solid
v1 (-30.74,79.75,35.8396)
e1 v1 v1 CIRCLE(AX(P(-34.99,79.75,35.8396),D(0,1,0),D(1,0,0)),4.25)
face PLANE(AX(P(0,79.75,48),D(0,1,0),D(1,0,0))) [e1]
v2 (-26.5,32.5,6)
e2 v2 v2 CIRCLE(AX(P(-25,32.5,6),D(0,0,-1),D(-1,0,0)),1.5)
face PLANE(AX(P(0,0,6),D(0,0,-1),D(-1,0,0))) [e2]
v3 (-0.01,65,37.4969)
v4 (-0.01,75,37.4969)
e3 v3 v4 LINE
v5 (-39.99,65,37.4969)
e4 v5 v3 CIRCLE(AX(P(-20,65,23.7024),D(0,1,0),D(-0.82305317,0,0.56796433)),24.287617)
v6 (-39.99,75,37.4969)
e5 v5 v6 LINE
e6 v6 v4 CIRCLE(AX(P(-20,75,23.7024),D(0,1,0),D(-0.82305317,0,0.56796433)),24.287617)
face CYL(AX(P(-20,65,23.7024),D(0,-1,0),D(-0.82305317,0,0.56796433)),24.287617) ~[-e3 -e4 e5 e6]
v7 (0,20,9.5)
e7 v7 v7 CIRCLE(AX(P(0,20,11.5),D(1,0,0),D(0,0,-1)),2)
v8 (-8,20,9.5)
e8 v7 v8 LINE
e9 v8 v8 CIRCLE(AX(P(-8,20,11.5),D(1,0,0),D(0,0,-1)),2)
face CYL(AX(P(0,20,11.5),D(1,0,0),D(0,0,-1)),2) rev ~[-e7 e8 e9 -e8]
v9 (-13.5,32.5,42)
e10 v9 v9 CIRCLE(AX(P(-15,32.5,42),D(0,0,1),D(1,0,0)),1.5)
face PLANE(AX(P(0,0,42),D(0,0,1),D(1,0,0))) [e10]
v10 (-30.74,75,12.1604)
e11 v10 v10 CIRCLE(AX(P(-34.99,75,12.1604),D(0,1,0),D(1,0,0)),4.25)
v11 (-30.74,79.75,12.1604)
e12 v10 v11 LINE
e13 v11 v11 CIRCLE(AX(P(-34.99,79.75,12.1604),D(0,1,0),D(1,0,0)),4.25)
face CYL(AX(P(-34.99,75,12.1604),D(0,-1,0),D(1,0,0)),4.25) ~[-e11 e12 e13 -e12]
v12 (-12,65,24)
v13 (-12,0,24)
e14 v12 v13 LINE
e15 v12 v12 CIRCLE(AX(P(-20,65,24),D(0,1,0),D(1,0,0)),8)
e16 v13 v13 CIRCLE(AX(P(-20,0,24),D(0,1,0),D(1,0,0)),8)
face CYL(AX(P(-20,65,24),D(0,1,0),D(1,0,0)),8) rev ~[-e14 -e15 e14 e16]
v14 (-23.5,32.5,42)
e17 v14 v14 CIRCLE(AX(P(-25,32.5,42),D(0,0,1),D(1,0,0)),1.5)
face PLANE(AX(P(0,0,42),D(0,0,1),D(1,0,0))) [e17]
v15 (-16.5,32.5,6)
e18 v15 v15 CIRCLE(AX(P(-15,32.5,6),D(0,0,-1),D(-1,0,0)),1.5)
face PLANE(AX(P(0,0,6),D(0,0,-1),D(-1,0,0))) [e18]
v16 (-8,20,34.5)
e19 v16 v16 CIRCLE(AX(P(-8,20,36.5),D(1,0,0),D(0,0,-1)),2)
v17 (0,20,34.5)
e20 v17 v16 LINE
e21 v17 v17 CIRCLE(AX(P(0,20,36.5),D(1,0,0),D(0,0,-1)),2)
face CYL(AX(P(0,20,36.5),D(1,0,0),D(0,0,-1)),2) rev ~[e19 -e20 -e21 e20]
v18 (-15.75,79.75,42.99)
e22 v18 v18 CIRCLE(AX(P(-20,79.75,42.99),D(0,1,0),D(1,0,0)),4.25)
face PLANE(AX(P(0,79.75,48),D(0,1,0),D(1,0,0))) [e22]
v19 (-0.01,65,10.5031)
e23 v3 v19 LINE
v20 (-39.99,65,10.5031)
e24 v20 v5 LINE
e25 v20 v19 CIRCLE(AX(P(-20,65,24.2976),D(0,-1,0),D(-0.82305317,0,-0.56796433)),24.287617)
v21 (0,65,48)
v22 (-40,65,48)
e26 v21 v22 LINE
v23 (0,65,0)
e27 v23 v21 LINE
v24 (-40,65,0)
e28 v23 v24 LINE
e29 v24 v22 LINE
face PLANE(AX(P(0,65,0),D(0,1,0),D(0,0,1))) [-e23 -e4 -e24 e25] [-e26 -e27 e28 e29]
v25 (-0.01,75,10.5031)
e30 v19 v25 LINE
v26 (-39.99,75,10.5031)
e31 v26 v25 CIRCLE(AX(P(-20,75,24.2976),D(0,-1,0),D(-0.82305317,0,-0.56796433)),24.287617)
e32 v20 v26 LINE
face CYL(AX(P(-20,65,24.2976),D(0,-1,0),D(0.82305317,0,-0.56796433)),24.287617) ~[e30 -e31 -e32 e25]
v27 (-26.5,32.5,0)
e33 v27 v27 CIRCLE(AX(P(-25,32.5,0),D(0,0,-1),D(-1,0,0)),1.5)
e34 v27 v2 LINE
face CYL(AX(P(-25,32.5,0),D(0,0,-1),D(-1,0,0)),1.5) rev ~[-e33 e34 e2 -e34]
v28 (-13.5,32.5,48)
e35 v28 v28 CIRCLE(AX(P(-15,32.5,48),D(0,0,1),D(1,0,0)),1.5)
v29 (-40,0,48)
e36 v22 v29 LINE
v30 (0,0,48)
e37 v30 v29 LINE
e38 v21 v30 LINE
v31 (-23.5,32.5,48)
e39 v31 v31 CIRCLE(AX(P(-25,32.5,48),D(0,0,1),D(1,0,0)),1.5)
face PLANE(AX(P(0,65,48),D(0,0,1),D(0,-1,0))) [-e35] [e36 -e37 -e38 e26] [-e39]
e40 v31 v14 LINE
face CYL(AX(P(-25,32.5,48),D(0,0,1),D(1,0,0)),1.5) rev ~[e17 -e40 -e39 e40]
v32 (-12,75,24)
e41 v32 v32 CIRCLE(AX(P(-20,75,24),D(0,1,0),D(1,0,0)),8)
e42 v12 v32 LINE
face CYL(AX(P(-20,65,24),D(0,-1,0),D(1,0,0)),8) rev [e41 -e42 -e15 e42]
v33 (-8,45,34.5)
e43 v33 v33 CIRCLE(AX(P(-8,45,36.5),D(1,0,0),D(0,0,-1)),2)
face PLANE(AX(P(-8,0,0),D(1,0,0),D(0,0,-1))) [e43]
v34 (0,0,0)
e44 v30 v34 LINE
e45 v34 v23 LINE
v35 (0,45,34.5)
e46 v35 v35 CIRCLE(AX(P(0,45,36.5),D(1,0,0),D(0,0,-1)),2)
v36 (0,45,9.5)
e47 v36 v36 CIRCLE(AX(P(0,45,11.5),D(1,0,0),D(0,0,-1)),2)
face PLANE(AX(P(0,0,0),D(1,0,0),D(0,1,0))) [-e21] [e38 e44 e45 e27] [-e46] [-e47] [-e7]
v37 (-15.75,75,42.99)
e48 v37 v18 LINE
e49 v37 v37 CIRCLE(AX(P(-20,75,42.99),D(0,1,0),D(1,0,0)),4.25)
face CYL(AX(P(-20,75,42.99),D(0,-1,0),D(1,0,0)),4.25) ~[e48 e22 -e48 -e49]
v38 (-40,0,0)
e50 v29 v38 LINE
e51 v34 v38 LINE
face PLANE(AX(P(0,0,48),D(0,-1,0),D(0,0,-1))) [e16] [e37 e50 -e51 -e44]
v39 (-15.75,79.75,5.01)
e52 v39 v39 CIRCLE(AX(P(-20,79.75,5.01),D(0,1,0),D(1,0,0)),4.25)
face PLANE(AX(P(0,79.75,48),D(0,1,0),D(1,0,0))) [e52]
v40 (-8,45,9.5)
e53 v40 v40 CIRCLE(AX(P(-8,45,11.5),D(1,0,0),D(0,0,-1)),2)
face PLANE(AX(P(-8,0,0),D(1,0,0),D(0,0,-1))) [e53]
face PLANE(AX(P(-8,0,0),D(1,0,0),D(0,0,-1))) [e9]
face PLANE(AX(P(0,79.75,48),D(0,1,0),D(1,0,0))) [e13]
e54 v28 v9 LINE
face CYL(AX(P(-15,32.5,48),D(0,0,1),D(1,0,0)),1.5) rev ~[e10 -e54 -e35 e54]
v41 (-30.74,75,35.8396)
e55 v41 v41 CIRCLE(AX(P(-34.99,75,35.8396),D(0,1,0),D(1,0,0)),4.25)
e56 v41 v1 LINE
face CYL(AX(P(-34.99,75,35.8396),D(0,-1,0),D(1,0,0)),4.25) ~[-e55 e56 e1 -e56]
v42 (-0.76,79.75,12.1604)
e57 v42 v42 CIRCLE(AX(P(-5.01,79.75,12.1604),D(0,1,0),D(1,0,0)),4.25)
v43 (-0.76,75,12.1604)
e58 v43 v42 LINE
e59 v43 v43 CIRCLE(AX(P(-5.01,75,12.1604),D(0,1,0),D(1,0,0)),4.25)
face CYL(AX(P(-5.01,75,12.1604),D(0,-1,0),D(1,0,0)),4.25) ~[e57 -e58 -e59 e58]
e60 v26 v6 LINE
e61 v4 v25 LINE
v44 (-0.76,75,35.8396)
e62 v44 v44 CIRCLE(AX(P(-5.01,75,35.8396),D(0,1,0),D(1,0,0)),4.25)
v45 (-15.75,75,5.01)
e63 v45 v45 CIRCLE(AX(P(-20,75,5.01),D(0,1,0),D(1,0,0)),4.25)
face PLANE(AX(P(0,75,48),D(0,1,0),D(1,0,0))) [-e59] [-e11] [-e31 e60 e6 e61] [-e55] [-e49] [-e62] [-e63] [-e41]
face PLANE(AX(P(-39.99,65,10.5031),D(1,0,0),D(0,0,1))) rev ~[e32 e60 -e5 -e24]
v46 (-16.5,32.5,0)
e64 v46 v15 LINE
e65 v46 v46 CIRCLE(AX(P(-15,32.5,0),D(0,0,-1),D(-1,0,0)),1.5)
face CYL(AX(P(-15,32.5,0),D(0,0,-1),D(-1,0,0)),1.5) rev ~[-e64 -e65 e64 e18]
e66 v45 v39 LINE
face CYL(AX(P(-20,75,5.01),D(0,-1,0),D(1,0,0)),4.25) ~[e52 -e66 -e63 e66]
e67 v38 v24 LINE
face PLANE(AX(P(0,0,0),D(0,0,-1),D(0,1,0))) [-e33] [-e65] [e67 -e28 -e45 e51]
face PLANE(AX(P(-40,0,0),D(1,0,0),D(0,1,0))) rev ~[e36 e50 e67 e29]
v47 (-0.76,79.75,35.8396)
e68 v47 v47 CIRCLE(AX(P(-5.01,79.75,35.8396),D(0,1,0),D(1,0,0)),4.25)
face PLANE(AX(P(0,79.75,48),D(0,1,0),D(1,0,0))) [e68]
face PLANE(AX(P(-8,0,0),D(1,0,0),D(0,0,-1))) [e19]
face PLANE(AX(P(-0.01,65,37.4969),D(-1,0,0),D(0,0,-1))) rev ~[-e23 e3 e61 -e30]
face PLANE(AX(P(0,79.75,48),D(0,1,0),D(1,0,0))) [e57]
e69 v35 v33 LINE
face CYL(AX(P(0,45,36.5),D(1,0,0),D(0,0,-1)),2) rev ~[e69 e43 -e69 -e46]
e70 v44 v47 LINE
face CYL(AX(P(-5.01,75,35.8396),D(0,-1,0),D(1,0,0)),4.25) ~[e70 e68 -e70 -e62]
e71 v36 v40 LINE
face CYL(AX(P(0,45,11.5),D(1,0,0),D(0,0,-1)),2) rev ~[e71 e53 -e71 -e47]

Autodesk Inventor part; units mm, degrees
ref_plane "YZ Plane" through (0, 0, 0) normal (1, 0, 0) x (0, 1, 0)
ref_plane "XZ Plane" through (0, 0, 0) normal (0, 1, 0) x (-1, 0, 0)
ref_plane "XY Plane" through (0, 0, 0) normal (0, 0, 1) x (1, 0, 0)
sketch "Sketch1" plane through (0, 0, 0) normal (1, 0, 0) x (0, 1, 0)
  line L0 (0, 0) -> (65, 0)
  line L1 (65, 0) -> (65, 48)
  line L2 (65, 48) -> (0, 48)
  line L3 (0, 48) -> (0, 0)
  dimension "d0" = 65
  dimension "d1" = 48
extrude "Extrusion1" add sketch "Sketch1" against normal blind 40
sketch "Sketch2" plane through (0, 0, 0) normal (1, 0, 0) x (0, 0, -1)
  line L0 (-36.5, 45) -> (-11.5, 45) construction
  line L1 (-11.5, 45) -> (-11.5, 20) construction
  line L2 (-11.5, 20) -> (-36.5, 20) construction
  line L3 (-36.5, 20) -> (-36.5, 45) construction
  line L4 (-36.5, 45) -> (-36.5, 65) construction
  line L5 (-48, 65) -> (0, 65) construction
  line L6 (-36.5, 45) -> (-48, 45) construction
  line L7 (-48, 0) -> (-48, 65) construction
  line L8 (-11.5, 20) -> (-11.5, 0) construction
  line L9 (0, 0) -> (-48, 0) construction
  line L10 (-11.5, 20) -> (0, 20) construction
  circle A0 centre (-36.5, 45) radius 2
  circle A1 centre (-11.5, 45) radius 2
  circle A2 centre (-11.5, 20) radius 2
  circle A3 centre (-36.5, 20) radius 2
  line L11 (0, 0) -> (0, 65) projected
  dimension "d4" = 25
  dimension "d5" = 25
  dimension "d6" = 4
  dimension "d7" = 4
  dimension "d8" = 4
  dimension "d9" = 4
extrude "Extrusion2" cut sketch "Sketch2" against normal blind 8
sketch "Sketch3" plane through (0, 0, 48) normal (0, 0, 1) x (1, 0, 0)
  line L0 (0, 65) -> (0, 0) construction
  line L1 (0, 32.5) -> (-40, 32.5) construction
  line L2 (-40, 0) -> (-40, 65) construction
  line L3 (-25, 32.5) -> (-15, 32.5) construction
  circle A0 centre (-25, 32.5) radius 1.5
  circle A1 centre (-15, 32.5) radius 1.5
  dimension "d12" = 10
  dimension "d13" = 15
  dimension "d14" = 3
  dimension "d15" = 3
extrude "Extrusion3" cut sketch "Sketch3" against normal blind 6
sketch "Sketch4" plane through (0, 0, 0) normal (0, 0, -1) x (-1, 0, 0)
  circle A0 centre (25, 32.5) radius 1.5 projected
  circle A1 centre (15, 32.5) radius 1.5 projected
  point P0 (0, 0)
extrude "Extrusion4" cut sketch "Sketch4" against normal blind 6
thread "Thread1" size "M3x0.5" class "6H" standard "ANSI Metric M Profile" full length
thread "Thread2" size "M3x0.5" class "6H" standard "ANSI Metric M Profile" full length
thread "Thread3" size "M4x0.7" class "6H" standard "ANSI Metric M Profile" full length
thread "Thread4" size "M4x0.7" class "6H" standard "ANSI Metric M Profile" full length
thread "Thread5" size "M4x0.7" class "6H" standard "ANSI Metric M Profile" full length
thread "Thread6" size "M4x0.7" class "6H" standard "ANSI Metric M Profile" full length
thread "Thread7" size "M3x0.5" class "6H" standard "ANSI Metric M Profile" full length
thread "Thread8" size "M3x0.5" class "6H" standard "ANSI Metric M Profile" full length
sketch "Sketch5" plane through (0, 65, 48) normal (0, 1, 0) x (1, 0, 0)
  line L0 (-40, 48) -> (-40, 0) projected
  line L1 (-40, 10.5) -> (-40, 37.5)
  line L2 (0, 0) -> (0, 48) projected
  line L3 (0, 10.5) -> (0, 37.5)
  line L4 (0, 38.5) -> (-8, 38.5) projected
  arc A0 (-40, 10.5) -> (0, 10.5) centre (-20, 24.2976) ccw
  arc A1 (0, 37.5) -> (-40, 37.5) centre (-20, 23.7024) ccw
  line L5 (-0.01, 10.5031) -> (-0.01, 37.4969)
  arc A2 (-0.01, 37.4969) -> (-39.99, 37.4969) centre (-20, 23.7024) ccw
  line L6 (-39.99, 37.4969) -> (-39.99, 10.5031)
  arc A3 (-39.99, 10.5031) -> (-0.01, 10.5031) centre (-20, 24.2976) ccw
  line L7 (-39.99, 24) -> (-0.01, 24) construction
  circle A4 centre (-20, 24) radius 8
  dimension "d36" = 27
  dimension "d37" = 10.5
  dimension "d38" = 0.01
  dimension "d39" = 16
extrude "Extrusion5" add sketch "Sketch5" along normal blind 10 contours A2 L5 A3 L6
sketch "Sketch6" plane through (0, 75, 48) normal (0, 1, 0) x (1, 0, 0)
  arc A0 (-0.01, 37.4969) -> (-39.99, 37.4969) centre (-20, 23.7024) ccw projected
  line L0 (-39.99, 37.4969) -> (-39.99, 10.5031) projected
  arc A1 (-39.99, 10.5031) -> (-0.01, 10.5031) centre (-20, 24.2976) ccw projected
  line L1 (-0.01, 10.5031) -> (-0.01, 37.4969) projected
  circle A2 centre (-20, 24) radius 8 projected
  arc A3 (-5.01, 35.8396) -> (-34.99, 35.8396) centre (-20, 23.7024) ccw construction
  line L2 (-5.01, 35.8396) -> (-5.01, 12.1604) construction
  arc A4 (-34.99, 12.1604) -> (-5.01, 12.1604) centre (-20, 24.2976) ccw construction
  line L3 (-34.99, 12.1604) -> (-34.99, 35.8396) construction
  circle A5 centre (-34.99, 35.8396) radius 4.25
  circle A6 centre (-20, 42.99) radius 4.25
  circle A7 centre (-5.01, 35.8396) radius 4.25
  circle A8 centre (-5.01, 12.1604) radius 4.25
  circle A9 centre (-20, 5.01) radius 4.25
  circle A10 centre (-34.99, 12.1604) radius 4.25
  point P0 (0, 48)
  dimension "d42" = 5
  dimension "d43" = 8.5
  dimension "d44" = 8.5
  dimension "d45" = 8.5
  dimension "d46" = 8.5
  dimension "d47" = 8.5
  dimension "d48" = 8.5
extrude "Extrusion6" add sketch "Sketch6" along normal blind 4.75 contours A5 | A6 | A7 | A8 | A9 | A10
sketch "Sketch7" plane through (-20, 65, 24) normal (0, 1, 0) x (1, 0, 0)
  circle A0 centre (0, 0) radius 8 projected
  point P0 (20, 24)
extrude "Extrusion7" cut sketch "Sketch7" against normal up to next
equation "\"d7\" = d6"
equation "\"d8\" = d6"
equation "\"d9\" = d6"
equation "\"d15\" = d14"
equation "\"d44\" = d43"
equation "\"d45\" = d43"
equation "\"d46\" = d43"
equation "\"d47\" = d43"
equation "\"d48\" = d43"
properties part number "Z Axis Statonary Block"
